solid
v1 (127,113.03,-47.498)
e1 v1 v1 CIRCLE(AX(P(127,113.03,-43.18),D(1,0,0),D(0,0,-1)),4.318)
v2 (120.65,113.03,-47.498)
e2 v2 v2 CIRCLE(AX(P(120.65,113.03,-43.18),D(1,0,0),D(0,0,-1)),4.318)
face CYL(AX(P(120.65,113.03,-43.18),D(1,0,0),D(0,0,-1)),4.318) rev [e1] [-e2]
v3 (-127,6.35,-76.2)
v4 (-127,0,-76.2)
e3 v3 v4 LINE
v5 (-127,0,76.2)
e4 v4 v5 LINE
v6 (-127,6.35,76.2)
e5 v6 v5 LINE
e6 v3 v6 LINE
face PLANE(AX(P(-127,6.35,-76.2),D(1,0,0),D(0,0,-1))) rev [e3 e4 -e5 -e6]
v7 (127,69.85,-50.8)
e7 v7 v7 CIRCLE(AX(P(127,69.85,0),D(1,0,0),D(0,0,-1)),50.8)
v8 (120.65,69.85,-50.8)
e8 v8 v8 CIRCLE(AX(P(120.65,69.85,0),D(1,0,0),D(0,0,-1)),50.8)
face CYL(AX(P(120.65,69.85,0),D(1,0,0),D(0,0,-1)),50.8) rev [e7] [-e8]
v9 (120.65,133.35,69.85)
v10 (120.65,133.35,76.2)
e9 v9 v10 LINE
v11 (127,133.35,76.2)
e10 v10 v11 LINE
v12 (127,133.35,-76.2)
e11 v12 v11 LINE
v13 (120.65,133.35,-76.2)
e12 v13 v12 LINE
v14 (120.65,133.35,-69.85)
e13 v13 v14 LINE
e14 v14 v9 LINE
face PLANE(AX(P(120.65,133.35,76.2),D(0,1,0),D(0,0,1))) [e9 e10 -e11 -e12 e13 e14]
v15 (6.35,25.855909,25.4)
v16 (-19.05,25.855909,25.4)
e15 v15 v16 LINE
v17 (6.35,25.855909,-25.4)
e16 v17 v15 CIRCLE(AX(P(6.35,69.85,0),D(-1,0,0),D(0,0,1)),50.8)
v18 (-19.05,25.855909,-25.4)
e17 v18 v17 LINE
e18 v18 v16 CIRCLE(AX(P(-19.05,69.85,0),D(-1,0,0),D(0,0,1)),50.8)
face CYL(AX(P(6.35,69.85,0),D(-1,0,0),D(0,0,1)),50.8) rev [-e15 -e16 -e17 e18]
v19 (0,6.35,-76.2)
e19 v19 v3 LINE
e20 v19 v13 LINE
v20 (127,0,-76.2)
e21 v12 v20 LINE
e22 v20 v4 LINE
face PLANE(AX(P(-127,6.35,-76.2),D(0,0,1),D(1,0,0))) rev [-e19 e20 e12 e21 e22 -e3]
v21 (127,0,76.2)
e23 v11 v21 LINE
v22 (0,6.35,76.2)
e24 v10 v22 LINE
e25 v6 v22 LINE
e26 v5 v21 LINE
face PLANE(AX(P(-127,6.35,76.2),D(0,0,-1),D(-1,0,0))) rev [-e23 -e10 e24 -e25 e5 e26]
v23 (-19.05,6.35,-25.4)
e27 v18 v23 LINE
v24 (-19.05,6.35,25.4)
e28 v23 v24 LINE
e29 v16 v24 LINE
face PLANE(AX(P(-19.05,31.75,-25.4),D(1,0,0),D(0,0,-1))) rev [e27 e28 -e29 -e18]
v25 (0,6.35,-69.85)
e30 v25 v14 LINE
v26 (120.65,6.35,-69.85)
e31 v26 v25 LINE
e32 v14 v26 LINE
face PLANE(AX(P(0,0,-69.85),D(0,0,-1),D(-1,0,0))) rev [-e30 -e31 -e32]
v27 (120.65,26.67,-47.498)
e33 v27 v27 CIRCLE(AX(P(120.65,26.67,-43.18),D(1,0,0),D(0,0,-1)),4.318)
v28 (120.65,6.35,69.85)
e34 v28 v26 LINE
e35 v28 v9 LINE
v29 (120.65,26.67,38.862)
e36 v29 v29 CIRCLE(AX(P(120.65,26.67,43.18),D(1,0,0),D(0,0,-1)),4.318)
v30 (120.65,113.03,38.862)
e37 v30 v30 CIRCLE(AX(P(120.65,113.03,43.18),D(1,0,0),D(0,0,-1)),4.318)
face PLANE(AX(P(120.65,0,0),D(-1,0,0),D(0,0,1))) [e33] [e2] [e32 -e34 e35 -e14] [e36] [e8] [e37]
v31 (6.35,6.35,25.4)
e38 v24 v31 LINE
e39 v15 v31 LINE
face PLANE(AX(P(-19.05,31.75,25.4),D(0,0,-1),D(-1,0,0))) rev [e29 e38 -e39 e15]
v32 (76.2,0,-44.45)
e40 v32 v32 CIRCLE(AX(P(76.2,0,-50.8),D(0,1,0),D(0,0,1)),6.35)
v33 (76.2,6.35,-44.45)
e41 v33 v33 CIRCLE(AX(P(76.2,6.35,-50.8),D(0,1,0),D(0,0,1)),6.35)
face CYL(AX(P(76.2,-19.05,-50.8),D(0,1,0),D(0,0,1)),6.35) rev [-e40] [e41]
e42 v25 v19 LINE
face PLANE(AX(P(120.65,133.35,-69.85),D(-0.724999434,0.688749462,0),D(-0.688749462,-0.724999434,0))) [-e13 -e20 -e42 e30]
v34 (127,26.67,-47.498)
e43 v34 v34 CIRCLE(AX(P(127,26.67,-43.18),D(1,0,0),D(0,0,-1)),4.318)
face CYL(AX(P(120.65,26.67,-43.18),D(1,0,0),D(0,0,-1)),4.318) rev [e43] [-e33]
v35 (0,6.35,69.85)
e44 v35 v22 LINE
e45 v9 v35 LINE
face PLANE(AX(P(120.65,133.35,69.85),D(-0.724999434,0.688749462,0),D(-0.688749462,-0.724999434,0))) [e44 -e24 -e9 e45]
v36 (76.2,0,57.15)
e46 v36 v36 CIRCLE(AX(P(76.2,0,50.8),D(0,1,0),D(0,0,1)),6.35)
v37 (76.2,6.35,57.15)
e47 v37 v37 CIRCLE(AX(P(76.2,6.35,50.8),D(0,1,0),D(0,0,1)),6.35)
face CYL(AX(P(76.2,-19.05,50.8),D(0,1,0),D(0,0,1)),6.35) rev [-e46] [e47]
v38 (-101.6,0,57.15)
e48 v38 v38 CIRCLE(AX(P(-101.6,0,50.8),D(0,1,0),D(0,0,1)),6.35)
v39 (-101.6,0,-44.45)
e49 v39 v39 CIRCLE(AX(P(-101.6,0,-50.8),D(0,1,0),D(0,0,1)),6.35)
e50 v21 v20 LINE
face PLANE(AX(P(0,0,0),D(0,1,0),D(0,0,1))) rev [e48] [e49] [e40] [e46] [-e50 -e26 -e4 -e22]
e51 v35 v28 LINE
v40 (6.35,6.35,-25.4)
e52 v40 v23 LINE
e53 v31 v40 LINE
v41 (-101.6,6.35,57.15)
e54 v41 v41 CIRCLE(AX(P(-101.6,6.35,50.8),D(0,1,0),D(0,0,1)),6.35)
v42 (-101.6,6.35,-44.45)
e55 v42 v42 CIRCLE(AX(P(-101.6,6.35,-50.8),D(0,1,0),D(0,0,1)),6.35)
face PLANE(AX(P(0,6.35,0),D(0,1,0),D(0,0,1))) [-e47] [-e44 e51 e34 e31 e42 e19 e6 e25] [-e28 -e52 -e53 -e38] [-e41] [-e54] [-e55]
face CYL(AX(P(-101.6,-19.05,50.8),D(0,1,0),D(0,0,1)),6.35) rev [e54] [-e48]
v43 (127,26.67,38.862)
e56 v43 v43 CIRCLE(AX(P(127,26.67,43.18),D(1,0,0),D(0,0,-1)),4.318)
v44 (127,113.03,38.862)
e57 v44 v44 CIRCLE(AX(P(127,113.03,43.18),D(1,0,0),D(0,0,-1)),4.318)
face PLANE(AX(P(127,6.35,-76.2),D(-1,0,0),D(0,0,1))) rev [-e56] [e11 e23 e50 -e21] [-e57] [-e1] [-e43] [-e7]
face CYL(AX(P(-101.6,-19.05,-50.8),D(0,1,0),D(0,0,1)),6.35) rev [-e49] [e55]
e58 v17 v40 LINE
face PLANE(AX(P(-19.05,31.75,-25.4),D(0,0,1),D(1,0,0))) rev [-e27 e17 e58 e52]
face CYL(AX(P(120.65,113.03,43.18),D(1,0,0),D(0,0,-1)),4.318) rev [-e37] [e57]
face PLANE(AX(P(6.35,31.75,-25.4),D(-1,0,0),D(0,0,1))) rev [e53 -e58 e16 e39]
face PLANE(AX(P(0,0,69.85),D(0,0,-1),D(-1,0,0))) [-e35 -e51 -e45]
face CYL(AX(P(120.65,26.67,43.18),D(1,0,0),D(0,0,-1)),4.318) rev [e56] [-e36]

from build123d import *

# Parameters (mm, degrees)
SKETCH1_W           = 254
SKETCH1_H           = 152.4
BOSS_EXTRUDE1_DEPTH = 6.35
SKETCH2_W           = 152.4
SKETCH2_H           = 127
SKETCH2_R           = 50.8
SKETCH2_R_2         = 4.318
BOSS_EXTRUDE2_DEPTH = 6.35
BOSS_EXTRUDE3_DEPTH = 6.35
BOSS_EXTRUDE4_DEPTH = 6.35
SKETCH5_W           = 25.4
SKETCH5_H           = 50.8
BOSS_EXTRUDE5_DEPTH = 25.4
SKETCH6_R           = 50.8
CUT_EXTRUDE1_DEPTH  = 25.4
SKETCH7_R           = 6.35
CUT_EXTRUDE2_DEPTH  = 25.4


with BuildPart() as part:
    # Sketch1 → Boss-Extrude1 (new body)
    with BuildSketch(Plane(origin=(0, 0, 0), x_dir=(1, 0, 0), z_dir=(0, 1, 0))):
        Rectangle(SKETCH1_W, SKETCH1_H)
    extrude(amount=BOSS_EXTRUDE1_DEPTH)

    # Sketch2 → Boss-Extrude2 (add)
    with BuildSketch(Plane(origin=(127, 0, 0), x_dir=(0, 0, -1), z_dir=(1, 0, 0))):
        with Locations((0, 69.85)):
            Rectangle(SKETCH2_W, SKETCH2_H)
        with Locations((0, 69.85)):
            Circle(SKETCH2_R, mode=Mode.SUBTRACT)
        with Locations((-43.18, 26.67)):
            Circle(SKETCH2_R_2, mode=Mode.SUBTRACT)
        with Locations((43.18, 26.67)):
            Circle(SKETCH2_R_2, mode=Mode.SUBTRACT)
        with Locations((43.18, 113.03)):
            Circle(SKETCH2_R_2, mode=Mode.SUBTRACT)
        with Locations((-43.18, 113.03)):
            Circle(SKETCH2_R_2, mode=Mode.SUBTRACT)
    extrude(amount=-BOSS_EXTRUDE2_DEPTH)

    # Sketch3 → Boss-Extrude3 (add)
    with BuildSketch(Plane.XY.offset(76.2)):
        Polygon((120.65, 133.35), (0, 6.35), (120.65, 6.35), align=None)
    extrude(amount=-BOSS_EXTRUDE3_DEPTH)

    # Sketch4 → Boss-Extrude4 (add)
    with BuildSketch(Plane(origin=(0, 0, -76.2), x_dir=(-1, 0, 0), z_dir=(0, 0, -1))):
        Polygon((-120.65, 133.35), (0, 6.35), (-120.65, 6.35), align=None)
    extrude(amount=-BOSS_EXTRUDE4_DEPTH)

    # Sketch5 → Boss-Extrude5 (add)
    with BuildSketch(Plane(origin=(0, 6.35, 0), x_dir=(1, 0, 0), z_dir=(0, 1, 0))):
        with Locations((-6.35, 0)):
            Rectangle(SKETCH5_W, SKETCH5_H)
    extrude(amount=BOSS_EXTRUDE5_DEPTH)

    # Sketch6 → Cut-Extrude1 (cut)
    with BuildSketch(Plane.ZY.offset(19.05)):
        with Locations((0, 69.85)):
            Circle(SKETCH6_R)
    extrude(amount=-CUT_EXTRUDE1_DEPTH, mode=Mode.SUBTRACT)

    # Sketch7 → Cut-Extrude2 (cut)
    with BuildSketch(Plane(origin=(0, 6.35, 0), x_dir=(1, 0, 0), z_dir=(0, 1, 0))):
        with Locations((-101.6, 50.8)):
            Circle(SKETCH7_R)
        with Locations((-101.6, -50.8)):
            Circle(SKETCH7_R)
        with Locations((76.2, -50.8)):
            Circle(SKETCH7_R)
        with Locations((76.2, 50.8)):
            Circle(SKETCH7_R)
    extrude(amount=-CUT_EXTRUDE2_DEPTH, mode=Mode.SUBTRACT)


solid = part.part
